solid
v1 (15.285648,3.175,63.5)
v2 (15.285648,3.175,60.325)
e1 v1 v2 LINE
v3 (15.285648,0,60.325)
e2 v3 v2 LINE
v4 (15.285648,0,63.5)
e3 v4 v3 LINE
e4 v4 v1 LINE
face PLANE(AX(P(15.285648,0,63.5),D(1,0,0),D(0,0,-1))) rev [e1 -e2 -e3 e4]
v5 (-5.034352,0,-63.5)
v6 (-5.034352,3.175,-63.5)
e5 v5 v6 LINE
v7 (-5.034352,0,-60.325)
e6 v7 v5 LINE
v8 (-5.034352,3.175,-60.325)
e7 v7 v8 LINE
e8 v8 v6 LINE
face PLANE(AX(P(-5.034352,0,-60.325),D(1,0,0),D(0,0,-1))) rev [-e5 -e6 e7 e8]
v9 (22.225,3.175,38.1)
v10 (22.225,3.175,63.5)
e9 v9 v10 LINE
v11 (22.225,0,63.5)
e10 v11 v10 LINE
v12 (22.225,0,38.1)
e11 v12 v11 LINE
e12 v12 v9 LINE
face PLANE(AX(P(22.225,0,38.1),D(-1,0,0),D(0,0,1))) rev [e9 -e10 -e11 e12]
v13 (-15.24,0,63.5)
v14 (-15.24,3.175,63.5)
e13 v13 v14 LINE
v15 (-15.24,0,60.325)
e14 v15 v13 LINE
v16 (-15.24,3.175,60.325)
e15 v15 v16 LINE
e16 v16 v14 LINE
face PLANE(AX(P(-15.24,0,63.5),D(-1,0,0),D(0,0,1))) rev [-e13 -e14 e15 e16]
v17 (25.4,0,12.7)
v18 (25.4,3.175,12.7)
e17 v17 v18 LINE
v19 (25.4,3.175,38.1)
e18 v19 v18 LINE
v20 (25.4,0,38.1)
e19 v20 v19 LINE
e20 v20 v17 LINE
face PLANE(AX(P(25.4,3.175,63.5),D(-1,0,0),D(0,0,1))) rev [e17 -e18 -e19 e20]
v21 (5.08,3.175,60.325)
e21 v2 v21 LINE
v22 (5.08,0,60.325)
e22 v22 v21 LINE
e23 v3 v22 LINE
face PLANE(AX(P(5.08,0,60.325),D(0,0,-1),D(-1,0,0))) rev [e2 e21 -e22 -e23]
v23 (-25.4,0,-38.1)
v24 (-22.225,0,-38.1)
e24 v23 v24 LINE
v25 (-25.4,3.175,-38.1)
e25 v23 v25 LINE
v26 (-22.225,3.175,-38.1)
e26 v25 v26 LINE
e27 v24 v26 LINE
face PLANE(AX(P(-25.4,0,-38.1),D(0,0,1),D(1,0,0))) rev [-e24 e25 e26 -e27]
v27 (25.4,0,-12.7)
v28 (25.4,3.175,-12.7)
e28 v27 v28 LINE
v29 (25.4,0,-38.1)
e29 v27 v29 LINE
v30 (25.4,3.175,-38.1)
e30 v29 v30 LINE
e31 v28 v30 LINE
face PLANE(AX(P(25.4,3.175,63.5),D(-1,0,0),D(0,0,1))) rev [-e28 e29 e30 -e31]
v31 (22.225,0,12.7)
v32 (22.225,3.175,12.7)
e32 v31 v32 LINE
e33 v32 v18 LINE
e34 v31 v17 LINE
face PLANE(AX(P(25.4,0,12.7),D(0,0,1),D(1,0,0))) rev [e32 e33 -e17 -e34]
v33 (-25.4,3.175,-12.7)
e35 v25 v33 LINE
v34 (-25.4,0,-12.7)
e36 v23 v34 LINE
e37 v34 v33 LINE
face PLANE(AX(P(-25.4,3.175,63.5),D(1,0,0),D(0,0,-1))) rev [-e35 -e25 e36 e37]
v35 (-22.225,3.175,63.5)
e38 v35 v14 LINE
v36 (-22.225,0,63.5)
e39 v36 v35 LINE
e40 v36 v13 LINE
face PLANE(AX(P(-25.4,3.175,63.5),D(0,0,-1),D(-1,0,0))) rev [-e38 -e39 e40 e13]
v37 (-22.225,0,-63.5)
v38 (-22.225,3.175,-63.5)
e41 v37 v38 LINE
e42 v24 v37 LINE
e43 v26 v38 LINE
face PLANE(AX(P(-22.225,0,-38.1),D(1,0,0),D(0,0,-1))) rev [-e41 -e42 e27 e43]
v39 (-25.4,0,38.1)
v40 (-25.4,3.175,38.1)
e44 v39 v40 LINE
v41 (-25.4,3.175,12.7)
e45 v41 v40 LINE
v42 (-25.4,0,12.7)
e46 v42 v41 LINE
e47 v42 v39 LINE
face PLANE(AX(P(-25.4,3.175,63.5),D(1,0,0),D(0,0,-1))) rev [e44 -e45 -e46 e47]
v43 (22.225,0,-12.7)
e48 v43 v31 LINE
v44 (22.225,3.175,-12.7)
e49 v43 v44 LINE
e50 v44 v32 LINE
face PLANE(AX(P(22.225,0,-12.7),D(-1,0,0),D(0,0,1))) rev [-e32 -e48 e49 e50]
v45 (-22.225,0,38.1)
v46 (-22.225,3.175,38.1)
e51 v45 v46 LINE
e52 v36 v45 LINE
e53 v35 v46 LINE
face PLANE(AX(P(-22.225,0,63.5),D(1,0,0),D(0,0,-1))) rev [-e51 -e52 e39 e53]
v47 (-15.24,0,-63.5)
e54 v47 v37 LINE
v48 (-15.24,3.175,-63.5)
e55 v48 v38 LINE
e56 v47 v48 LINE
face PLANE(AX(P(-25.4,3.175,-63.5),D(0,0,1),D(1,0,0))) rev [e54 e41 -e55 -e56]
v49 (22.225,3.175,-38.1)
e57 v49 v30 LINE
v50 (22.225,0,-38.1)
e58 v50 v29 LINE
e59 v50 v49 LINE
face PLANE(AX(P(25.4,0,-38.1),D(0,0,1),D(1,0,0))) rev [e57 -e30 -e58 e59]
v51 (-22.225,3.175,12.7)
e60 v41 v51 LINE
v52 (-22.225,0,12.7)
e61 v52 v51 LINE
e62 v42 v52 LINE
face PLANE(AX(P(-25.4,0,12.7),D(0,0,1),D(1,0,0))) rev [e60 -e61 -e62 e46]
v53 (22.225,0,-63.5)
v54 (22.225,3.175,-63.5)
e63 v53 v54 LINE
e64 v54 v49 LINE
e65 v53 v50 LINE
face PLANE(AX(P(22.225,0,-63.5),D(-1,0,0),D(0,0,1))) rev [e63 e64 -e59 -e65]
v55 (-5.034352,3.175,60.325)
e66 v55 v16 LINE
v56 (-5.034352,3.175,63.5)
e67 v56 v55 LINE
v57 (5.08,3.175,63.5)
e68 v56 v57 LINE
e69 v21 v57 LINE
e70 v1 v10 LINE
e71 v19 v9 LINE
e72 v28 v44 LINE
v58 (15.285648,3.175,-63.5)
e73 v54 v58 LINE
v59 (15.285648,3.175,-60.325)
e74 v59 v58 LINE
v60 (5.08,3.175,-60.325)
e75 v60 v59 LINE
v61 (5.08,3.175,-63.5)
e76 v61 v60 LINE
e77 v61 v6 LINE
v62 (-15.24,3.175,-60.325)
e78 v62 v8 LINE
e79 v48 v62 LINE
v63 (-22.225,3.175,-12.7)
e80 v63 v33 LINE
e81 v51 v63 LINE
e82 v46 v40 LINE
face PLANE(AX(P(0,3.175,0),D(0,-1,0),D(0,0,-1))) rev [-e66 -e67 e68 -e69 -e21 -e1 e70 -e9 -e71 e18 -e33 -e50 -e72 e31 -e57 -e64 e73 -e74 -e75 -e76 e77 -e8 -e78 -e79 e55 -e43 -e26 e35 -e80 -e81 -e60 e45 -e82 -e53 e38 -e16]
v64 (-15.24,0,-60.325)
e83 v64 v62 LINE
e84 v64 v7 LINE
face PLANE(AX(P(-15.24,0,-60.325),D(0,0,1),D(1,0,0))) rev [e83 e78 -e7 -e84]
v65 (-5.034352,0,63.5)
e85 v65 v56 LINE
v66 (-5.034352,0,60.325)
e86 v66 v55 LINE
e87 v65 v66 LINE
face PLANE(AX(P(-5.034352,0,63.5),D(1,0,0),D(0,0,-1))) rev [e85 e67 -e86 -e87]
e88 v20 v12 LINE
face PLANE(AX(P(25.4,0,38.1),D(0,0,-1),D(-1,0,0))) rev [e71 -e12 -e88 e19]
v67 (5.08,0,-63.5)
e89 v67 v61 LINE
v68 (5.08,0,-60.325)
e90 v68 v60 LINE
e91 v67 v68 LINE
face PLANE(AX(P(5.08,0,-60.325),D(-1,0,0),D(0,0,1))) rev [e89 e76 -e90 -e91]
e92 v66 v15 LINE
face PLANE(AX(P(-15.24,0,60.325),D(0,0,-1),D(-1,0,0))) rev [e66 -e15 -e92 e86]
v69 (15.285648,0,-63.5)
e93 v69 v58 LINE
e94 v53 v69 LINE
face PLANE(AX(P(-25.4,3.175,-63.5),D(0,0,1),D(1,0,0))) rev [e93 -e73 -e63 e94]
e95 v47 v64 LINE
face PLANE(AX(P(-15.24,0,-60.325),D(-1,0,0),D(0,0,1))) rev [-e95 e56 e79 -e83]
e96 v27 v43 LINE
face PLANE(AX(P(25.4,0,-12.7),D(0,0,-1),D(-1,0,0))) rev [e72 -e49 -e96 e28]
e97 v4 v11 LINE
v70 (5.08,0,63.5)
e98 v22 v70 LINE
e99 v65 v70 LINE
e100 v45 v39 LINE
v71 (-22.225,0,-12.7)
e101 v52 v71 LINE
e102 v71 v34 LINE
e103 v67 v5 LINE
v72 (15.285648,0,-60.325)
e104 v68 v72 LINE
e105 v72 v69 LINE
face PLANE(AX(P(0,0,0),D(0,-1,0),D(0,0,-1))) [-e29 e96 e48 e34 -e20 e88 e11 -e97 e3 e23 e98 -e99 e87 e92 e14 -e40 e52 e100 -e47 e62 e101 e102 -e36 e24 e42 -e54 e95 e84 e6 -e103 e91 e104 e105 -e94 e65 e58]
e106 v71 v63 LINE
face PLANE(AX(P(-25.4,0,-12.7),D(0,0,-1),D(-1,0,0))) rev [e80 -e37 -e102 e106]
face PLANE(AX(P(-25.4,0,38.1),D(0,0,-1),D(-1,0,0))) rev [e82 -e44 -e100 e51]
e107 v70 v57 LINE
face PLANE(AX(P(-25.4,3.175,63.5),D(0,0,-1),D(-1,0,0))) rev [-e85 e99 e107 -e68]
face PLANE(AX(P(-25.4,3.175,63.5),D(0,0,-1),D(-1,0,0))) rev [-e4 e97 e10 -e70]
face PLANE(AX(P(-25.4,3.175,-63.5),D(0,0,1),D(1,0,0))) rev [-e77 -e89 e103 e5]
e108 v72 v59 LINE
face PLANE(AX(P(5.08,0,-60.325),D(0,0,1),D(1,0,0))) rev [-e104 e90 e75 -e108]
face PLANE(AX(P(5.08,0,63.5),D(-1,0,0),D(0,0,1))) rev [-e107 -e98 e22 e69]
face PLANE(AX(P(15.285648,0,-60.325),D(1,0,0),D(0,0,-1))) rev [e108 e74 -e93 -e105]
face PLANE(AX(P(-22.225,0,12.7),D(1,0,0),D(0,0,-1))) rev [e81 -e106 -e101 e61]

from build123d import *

# Parameters (mm, degrees)
SKETCH1_W                 = 50.8
SKETCH1_H                 = 127
BOSS_EXTRUDE1_DEPTH       = 3.175
SKETCH2_W                 = 3.175
SKETCH2_H                 = 25.4
CUT_EXTRUDE1_DEPTH        = 3.175
LPATTERN1_COUNT           = 2
LPATTERN1_PITCH           = 50.8
LPATTERN2_COUNT           = 2
LPATTERN2_PITCH           = 50.8
SKETCH3_W                 = 3.175
SKETCH3_H                 = 25.4
CUT_EXTRUDE2_DEPTH        = 3.175
LPATTERN3_COUNT           = 2
LPATTERN3_PITCH           = 50.8
LPATTERN4_COPY_1_SKETCH_W = 3.175
LPATTERN4_COPY_1_SKETCH_H = 25.4
LPATTERN4_COPY_1_DEPTH    = 3.175
LPATTERN4_COPY_2_SKETCH_W = 3.175
LPATTERN4_COPY_2_SKETCH_H = 25.4
LPATTERN4_COPY_2_DEPTH    = 3.175
SKETCH6_W                 = 10.205647586
SKETCH6_H                 = 3.175
CUT_EXTRUDE3_DEPTH        = 3.175
LPATTERN5_COUNT           = 2
LPATTERN5_PITCH           = 20.32


with BuildPart() as part:
    # Sketch1 → Boss-Extrude1 (new body)
    with BuildSketch(Plane(origin=(0, 0, 0), x_dir=(1, 0, 0), z_dir=(0, 1, 0))):
        Rectangle(SKETCH1_W, SKETCH1_H)
    extrude(amount=BOSS_EXTRUDE1_DEPTH)

    # Sketch2 → Cut-Extrude1 (cut)
    with BuildSketch(Plane(origin=(0, 3.175, 0), x_dir=(1, 0, 0), z_dir=(0, 1, 0))):
        with Locations((-23.8125, 0)):
            Rectangle(SKETCH2_W, SKETCH2_H)
    cut_extrude1 = extrude(amount=-CUT_EXTRUDE1_DEPTH, mode=Mode.SUBTRACT)

    # LPattern1: Cut-Extrude1 ×2
    with Locations(*[(0, 0, -i * LPATTERN1_PITCH) for i in range(1, LPATTERN1_COUNT)]):
        add(cut_extrude1, mode=Mode.SUBTRACT)

    # LPattern2: Cut-Extrude1 ×2
    with Locations(*[(0, 0, i * LPATTERN2_PITCH) for i in range(1, LPATTERN2_COUNT)]):
        add(cut_extrude1, mode=Mode.SUBTRACT)

    # Sketch3 → Cut-Extrude2 (cut)
    with BuildSketch(Plane(origin=(0, 3.175, 0), x_dir=(1, 0, 0), z_dir=(0, 1, 0))):
        with Locations((23.8125, 50.8)):
            Rectangle(SKETCH3_W, SKETCH3_H)
    cut_extrude2 = extrude(amount=-CUT_EXTRUDE2_DEPTH, mode=Mode.SUBTRACT)

    # LPattern3: Cut-Extrude2 ×2
    with Locations(*[(0, 0, i * LPATTERN3_PITCH) for i in range(1, LPATTERN3_COUNT)]):
        add(cut_extrude2, mode=Mode.SUBTRACT)

    # LPattern4 copy 1 sketch → LPattern4 copy 1 (cut)
    with BuildSketch(Plane(origin=(0, 3.175, 101.6), x_dir=(1, 0, 0), z_dir=(0, 1, 0))):
        with Locations((23.8125, 50.8)):
            Rectangle(LPATTERN4_COPY_1_SKETCH_W, LPATTERN4_COPY_1_SKETCH_H)
    extrude(amount=-LPATTERN4_COPY_1_DEPTH, mode=Mode.SUBTRACT)

    # LPattern4 copy 2 sketch → LPattern4 copy 2 (cut)
    with BuildSketch(Plane(origin=(0, 3.175, 50.8), x_dir=(1, 0, 0), z_dir=(0, 1, 0))):
        with Locations((23.8125, 50.8)):
            Rectangle(LPATTERN4_COPY_2_SKETCH_W, LPATTERN4_COPY_2_SKETCH_H)
    extrude(amount=-LPATTERN4_COPY_2_DEPTH, mode=Mode.SUBTRACT)

    # Sketch6 → Cut-Extrude3 (cut)
    with BuildSketch(Plane(origin=(0, 3.175, 0), x_dir=(1, 0, 0), z_dir=(0, 1, 0))):
        with Locations((10.182823793, 61.9125)):
            Rectangle(SKETCH6_W, SKETCH6_H)
        with Locations((10.182823793, -61.9125)):
            Rectangle(SKETCH6_W, SKETCH6_H)
    cut_extrude3 = extrude(amount=-CUT_EXTRUDE3_DEPTH, mode=Mode.SUBTRACT)

    # LPattern5: Cut-Extrude3 ×2
    with Locations(*[(-i * LPATTERN5_PITCH, 0, 0) for i in range(1, LPATTERN5_COUNT)]):
        add(cut_extrude3, mode=Mode.SUBTRACT)


solid = part.part
